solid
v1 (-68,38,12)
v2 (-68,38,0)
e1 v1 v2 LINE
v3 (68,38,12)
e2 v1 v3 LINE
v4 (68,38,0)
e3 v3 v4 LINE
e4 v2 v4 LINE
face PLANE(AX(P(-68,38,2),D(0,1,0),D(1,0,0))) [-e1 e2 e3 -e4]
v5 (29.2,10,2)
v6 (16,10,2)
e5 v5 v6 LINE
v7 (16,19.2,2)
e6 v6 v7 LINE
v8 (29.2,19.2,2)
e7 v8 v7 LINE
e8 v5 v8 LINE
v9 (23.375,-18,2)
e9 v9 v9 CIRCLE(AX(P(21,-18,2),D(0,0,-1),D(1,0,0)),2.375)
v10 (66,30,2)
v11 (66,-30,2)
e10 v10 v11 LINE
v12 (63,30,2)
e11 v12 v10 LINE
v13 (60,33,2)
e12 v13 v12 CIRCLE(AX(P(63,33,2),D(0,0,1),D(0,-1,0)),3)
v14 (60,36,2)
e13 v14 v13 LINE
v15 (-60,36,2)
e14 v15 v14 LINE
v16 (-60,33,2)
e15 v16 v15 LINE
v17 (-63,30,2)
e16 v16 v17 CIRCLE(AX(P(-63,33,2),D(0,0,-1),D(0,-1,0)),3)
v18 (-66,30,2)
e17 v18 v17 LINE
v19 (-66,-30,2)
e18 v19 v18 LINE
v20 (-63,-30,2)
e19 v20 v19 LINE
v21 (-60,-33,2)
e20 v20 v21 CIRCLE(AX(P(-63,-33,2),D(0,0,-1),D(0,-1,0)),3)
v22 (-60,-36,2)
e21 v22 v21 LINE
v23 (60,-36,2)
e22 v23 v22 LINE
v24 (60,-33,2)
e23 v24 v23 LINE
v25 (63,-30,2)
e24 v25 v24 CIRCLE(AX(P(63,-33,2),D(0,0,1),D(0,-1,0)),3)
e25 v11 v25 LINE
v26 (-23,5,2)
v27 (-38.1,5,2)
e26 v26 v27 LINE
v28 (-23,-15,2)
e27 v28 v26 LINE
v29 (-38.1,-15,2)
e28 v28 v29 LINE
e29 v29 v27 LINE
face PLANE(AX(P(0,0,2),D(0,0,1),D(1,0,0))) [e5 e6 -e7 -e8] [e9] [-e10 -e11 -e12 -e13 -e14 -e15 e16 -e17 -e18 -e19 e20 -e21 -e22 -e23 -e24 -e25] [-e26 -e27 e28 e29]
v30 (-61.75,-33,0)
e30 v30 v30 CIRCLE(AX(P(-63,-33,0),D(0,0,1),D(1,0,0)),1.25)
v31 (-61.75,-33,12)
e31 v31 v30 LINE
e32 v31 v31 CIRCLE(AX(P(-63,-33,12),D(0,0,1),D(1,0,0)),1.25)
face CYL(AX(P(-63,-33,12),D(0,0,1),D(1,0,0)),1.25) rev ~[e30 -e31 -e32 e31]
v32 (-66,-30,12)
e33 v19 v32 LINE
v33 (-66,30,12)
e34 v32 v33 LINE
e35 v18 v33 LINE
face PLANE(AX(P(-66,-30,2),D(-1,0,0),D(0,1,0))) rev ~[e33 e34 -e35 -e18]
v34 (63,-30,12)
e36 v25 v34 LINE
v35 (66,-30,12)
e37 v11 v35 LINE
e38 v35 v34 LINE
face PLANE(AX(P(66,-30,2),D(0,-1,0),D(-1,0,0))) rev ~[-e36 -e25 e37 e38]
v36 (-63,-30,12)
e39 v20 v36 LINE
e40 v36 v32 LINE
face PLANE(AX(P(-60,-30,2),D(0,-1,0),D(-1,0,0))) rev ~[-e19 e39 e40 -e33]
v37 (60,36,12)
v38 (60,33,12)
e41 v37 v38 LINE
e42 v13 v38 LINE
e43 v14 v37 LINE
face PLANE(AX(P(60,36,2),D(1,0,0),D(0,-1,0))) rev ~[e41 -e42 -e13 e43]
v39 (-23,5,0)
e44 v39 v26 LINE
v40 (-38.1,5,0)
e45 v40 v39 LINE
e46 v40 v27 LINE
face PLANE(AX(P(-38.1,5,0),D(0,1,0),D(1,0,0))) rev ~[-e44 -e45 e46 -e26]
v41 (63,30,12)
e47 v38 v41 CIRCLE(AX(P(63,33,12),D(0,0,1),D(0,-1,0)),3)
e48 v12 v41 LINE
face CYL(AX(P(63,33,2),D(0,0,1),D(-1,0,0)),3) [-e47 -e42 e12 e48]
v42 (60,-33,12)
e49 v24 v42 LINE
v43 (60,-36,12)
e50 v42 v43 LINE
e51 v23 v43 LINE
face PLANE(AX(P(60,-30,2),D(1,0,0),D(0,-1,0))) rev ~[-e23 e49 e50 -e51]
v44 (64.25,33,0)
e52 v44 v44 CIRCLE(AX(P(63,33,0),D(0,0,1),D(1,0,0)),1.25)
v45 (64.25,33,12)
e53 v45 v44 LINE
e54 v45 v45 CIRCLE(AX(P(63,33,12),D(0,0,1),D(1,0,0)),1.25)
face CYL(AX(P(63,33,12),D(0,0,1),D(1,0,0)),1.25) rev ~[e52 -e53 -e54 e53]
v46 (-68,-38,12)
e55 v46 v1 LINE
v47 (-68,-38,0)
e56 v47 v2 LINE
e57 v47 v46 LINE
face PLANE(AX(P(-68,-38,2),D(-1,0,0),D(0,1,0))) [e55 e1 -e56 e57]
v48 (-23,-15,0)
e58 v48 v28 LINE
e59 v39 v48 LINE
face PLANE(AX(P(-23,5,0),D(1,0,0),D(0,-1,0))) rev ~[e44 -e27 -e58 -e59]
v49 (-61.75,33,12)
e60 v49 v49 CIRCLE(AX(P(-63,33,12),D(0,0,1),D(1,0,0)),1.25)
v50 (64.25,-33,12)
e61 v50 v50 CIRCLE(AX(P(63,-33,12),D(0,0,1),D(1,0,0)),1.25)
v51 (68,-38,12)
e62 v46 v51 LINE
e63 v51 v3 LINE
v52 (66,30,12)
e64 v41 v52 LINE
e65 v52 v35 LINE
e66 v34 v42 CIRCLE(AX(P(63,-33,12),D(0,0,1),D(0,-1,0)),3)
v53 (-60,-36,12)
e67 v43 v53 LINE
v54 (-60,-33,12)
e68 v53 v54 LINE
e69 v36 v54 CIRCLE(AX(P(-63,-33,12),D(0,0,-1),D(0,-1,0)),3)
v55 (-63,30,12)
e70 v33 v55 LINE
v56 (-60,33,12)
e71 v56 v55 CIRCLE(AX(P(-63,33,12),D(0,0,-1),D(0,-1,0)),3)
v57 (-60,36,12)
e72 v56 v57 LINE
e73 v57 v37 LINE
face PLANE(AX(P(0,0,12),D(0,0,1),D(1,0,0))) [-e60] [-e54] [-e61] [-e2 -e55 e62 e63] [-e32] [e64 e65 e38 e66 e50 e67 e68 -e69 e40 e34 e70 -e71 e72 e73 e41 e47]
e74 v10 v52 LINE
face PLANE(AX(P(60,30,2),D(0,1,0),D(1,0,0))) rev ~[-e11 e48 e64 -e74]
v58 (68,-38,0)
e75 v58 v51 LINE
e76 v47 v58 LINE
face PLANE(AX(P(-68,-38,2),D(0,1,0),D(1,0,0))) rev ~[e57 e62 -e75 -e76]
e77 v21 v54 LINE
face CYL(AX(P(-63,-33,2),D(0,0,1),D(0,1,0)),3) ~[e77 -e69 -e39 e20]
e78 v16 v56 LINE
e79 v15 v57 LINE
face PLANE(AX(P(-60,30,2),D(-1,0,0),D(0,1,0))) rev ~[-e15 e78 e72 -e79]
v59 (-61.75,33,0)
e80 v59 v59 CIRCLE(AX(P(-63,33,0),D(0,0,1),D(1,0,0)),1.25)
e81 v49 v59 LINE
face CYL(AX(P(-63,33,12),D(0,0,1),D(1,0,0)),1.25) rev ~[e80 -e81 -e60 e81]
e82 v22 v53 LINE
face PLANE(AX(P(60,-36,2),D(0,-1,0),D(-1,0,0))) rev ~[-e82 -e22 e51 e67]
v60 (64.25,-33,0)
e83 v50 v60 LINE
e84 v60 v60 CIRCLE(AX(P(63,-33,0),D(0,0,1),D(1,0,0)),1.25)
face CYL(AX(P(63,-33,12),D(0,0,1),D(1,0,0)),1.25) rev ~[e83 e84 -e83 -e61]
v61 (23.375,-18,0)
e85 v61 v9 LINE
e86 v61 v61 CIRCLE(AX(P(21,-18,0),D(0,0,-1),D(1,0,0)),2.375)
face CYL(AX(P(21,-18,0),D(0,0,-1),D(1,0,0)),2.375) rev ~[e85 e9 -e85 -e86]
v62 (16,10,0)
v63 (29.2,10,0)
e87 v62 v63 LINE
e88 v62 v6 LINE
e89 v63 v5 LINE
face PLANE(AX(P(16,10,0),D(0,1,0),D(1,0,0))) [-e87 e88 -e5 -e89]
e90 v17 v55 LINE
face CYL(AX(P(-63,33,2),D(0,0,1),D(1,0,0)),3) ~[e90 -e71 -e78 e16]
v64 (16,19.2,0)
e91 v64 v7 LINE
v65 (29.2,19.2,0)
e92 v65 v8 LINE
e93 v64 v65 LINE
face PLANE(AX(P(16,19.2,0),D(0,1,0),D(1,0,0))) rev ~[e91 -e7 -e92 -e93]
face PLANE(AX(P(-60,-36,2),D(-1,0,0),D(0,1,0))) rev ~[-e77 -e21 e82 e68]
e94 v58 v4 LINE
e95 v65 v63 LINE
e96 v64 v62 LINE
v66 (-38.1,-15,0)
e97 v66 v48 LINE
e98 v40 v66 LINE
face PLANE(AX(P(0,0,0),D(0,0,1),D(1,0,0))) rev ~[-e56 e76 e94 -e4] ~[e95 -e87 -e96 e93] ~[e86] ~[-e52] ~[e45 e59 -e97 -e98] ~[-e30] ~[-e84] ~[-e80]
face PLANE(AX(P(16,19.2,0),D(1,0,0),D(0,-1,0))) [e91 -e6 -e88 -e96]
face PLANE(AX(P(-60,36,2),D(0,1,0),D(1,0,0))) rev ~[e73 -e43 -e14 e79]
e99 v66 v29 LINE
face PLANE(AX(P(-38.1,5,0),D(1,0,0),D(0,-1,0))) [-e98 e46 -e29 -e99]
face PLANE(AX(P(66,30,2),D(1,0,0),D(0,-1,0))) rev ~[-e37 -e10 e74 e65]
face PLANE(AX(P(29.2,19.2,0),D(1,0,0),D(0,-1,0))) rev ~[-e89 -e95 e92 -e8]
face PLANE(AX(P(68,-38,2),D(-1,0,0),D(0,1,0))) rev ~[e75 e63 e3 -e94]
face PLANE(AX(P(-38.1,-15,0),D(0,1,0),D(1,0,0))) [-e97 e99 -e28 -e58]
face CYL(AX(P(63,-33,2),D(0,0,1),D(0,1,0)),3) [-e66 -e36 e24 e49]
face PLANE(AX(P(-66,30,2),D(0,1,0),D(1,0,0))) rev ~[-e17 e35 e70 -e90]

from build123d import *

# Parameters (mm, degrees)
SKETCH_W        = 136
SKETCH_H        = 76
PAD_DEPTH       = 2
SKETCH001_W     = 136
SKETCH001_H     = 76
PAD001_DEPTH    = 10
SKETCH002_R     = 1.25
POCKET_DEPTH    = 13
SKETCH003_R     = 2.375
SKETCH003_W     = 15.1
SKETCH003_H     = 20
SKETCH003_W_2   = 13.2
SKETCH003_H_2   = 9.2
POCKET001_DEPTH = 3
FILLET_R        = 3


with BuildPart() as part:
    # Sketch → Pad (new body)
    with BuildSketch(Plane.XY):
        Rectangle(SKETCH_W, SKETCH_H)
    extrude(amount=PAD_DEPTH)

    # Sketch001 (on Face6 of Pad) → Pad001 (join)
    with BuildSketch(Plane.XY.offset(2)):
        Rectangle(SKETCH001_W, SKETCH001_H)
        Polygon((-60, 36), (60, 36), (60, 30), (66, 30), (66, -30), (60, -30), (60, -36), (-60, -36), (-60, -30), (-66, -30), (-66, 30), (-60, 30), align=None, mode=Mode.SUBTRACT)
    extrude(amount=PAD001_DEPTH)

    # Sketch002 (on Face9 of Pad001) → Pocket (cut)
    with BuildSketch(Plane.XY.offset(12)):
        with Locations((-63, 33)):
            Circle(SKETCH002_R)
        with Locations((-63, -33)):
            Circle(SKETCH002_R)
        with Locations((63, 33)):
            Circle(SKETCH002_R)
        with Locations((63, -33)):
            Circle(SKETCH002_R)
    extrude(amount=-POCKET_DEPTH, mode=Mode.SUBTRACT)

    # Sketch003 (on Face4 of Pocket) → Pocket001 (cut)
    with BuildSketch(Plane(origin=(0, 0, 0), x_dir=(1, 0, 0), z_dir=(0, 0, -1))):
        with Locations((21, 18)):
            Circle(SKETCH003_R)
        with Locations((-30.55, 5)):
            Rectangle(SKETCH003_W, SKETCH003_H)
        with Locations((22.6, -14.6)):
            Rectangle(SKETCH003_W_2, SKETCH003_H_2)
    extrude(amount=-POCKET001_DEPTH, mode=Mode.SUBTRACT)

    # Fillet
    fillet_edges = [part.edges().sort_by_distance(p)[0] for p in [
        (60, 30, 7),
        (-60, 30, 7),
        (60, -30, 7),
        (-60, -30, 7),
    ]]
    fillet(fillet_edges, radius=FILLET_R)


solid = part.part
